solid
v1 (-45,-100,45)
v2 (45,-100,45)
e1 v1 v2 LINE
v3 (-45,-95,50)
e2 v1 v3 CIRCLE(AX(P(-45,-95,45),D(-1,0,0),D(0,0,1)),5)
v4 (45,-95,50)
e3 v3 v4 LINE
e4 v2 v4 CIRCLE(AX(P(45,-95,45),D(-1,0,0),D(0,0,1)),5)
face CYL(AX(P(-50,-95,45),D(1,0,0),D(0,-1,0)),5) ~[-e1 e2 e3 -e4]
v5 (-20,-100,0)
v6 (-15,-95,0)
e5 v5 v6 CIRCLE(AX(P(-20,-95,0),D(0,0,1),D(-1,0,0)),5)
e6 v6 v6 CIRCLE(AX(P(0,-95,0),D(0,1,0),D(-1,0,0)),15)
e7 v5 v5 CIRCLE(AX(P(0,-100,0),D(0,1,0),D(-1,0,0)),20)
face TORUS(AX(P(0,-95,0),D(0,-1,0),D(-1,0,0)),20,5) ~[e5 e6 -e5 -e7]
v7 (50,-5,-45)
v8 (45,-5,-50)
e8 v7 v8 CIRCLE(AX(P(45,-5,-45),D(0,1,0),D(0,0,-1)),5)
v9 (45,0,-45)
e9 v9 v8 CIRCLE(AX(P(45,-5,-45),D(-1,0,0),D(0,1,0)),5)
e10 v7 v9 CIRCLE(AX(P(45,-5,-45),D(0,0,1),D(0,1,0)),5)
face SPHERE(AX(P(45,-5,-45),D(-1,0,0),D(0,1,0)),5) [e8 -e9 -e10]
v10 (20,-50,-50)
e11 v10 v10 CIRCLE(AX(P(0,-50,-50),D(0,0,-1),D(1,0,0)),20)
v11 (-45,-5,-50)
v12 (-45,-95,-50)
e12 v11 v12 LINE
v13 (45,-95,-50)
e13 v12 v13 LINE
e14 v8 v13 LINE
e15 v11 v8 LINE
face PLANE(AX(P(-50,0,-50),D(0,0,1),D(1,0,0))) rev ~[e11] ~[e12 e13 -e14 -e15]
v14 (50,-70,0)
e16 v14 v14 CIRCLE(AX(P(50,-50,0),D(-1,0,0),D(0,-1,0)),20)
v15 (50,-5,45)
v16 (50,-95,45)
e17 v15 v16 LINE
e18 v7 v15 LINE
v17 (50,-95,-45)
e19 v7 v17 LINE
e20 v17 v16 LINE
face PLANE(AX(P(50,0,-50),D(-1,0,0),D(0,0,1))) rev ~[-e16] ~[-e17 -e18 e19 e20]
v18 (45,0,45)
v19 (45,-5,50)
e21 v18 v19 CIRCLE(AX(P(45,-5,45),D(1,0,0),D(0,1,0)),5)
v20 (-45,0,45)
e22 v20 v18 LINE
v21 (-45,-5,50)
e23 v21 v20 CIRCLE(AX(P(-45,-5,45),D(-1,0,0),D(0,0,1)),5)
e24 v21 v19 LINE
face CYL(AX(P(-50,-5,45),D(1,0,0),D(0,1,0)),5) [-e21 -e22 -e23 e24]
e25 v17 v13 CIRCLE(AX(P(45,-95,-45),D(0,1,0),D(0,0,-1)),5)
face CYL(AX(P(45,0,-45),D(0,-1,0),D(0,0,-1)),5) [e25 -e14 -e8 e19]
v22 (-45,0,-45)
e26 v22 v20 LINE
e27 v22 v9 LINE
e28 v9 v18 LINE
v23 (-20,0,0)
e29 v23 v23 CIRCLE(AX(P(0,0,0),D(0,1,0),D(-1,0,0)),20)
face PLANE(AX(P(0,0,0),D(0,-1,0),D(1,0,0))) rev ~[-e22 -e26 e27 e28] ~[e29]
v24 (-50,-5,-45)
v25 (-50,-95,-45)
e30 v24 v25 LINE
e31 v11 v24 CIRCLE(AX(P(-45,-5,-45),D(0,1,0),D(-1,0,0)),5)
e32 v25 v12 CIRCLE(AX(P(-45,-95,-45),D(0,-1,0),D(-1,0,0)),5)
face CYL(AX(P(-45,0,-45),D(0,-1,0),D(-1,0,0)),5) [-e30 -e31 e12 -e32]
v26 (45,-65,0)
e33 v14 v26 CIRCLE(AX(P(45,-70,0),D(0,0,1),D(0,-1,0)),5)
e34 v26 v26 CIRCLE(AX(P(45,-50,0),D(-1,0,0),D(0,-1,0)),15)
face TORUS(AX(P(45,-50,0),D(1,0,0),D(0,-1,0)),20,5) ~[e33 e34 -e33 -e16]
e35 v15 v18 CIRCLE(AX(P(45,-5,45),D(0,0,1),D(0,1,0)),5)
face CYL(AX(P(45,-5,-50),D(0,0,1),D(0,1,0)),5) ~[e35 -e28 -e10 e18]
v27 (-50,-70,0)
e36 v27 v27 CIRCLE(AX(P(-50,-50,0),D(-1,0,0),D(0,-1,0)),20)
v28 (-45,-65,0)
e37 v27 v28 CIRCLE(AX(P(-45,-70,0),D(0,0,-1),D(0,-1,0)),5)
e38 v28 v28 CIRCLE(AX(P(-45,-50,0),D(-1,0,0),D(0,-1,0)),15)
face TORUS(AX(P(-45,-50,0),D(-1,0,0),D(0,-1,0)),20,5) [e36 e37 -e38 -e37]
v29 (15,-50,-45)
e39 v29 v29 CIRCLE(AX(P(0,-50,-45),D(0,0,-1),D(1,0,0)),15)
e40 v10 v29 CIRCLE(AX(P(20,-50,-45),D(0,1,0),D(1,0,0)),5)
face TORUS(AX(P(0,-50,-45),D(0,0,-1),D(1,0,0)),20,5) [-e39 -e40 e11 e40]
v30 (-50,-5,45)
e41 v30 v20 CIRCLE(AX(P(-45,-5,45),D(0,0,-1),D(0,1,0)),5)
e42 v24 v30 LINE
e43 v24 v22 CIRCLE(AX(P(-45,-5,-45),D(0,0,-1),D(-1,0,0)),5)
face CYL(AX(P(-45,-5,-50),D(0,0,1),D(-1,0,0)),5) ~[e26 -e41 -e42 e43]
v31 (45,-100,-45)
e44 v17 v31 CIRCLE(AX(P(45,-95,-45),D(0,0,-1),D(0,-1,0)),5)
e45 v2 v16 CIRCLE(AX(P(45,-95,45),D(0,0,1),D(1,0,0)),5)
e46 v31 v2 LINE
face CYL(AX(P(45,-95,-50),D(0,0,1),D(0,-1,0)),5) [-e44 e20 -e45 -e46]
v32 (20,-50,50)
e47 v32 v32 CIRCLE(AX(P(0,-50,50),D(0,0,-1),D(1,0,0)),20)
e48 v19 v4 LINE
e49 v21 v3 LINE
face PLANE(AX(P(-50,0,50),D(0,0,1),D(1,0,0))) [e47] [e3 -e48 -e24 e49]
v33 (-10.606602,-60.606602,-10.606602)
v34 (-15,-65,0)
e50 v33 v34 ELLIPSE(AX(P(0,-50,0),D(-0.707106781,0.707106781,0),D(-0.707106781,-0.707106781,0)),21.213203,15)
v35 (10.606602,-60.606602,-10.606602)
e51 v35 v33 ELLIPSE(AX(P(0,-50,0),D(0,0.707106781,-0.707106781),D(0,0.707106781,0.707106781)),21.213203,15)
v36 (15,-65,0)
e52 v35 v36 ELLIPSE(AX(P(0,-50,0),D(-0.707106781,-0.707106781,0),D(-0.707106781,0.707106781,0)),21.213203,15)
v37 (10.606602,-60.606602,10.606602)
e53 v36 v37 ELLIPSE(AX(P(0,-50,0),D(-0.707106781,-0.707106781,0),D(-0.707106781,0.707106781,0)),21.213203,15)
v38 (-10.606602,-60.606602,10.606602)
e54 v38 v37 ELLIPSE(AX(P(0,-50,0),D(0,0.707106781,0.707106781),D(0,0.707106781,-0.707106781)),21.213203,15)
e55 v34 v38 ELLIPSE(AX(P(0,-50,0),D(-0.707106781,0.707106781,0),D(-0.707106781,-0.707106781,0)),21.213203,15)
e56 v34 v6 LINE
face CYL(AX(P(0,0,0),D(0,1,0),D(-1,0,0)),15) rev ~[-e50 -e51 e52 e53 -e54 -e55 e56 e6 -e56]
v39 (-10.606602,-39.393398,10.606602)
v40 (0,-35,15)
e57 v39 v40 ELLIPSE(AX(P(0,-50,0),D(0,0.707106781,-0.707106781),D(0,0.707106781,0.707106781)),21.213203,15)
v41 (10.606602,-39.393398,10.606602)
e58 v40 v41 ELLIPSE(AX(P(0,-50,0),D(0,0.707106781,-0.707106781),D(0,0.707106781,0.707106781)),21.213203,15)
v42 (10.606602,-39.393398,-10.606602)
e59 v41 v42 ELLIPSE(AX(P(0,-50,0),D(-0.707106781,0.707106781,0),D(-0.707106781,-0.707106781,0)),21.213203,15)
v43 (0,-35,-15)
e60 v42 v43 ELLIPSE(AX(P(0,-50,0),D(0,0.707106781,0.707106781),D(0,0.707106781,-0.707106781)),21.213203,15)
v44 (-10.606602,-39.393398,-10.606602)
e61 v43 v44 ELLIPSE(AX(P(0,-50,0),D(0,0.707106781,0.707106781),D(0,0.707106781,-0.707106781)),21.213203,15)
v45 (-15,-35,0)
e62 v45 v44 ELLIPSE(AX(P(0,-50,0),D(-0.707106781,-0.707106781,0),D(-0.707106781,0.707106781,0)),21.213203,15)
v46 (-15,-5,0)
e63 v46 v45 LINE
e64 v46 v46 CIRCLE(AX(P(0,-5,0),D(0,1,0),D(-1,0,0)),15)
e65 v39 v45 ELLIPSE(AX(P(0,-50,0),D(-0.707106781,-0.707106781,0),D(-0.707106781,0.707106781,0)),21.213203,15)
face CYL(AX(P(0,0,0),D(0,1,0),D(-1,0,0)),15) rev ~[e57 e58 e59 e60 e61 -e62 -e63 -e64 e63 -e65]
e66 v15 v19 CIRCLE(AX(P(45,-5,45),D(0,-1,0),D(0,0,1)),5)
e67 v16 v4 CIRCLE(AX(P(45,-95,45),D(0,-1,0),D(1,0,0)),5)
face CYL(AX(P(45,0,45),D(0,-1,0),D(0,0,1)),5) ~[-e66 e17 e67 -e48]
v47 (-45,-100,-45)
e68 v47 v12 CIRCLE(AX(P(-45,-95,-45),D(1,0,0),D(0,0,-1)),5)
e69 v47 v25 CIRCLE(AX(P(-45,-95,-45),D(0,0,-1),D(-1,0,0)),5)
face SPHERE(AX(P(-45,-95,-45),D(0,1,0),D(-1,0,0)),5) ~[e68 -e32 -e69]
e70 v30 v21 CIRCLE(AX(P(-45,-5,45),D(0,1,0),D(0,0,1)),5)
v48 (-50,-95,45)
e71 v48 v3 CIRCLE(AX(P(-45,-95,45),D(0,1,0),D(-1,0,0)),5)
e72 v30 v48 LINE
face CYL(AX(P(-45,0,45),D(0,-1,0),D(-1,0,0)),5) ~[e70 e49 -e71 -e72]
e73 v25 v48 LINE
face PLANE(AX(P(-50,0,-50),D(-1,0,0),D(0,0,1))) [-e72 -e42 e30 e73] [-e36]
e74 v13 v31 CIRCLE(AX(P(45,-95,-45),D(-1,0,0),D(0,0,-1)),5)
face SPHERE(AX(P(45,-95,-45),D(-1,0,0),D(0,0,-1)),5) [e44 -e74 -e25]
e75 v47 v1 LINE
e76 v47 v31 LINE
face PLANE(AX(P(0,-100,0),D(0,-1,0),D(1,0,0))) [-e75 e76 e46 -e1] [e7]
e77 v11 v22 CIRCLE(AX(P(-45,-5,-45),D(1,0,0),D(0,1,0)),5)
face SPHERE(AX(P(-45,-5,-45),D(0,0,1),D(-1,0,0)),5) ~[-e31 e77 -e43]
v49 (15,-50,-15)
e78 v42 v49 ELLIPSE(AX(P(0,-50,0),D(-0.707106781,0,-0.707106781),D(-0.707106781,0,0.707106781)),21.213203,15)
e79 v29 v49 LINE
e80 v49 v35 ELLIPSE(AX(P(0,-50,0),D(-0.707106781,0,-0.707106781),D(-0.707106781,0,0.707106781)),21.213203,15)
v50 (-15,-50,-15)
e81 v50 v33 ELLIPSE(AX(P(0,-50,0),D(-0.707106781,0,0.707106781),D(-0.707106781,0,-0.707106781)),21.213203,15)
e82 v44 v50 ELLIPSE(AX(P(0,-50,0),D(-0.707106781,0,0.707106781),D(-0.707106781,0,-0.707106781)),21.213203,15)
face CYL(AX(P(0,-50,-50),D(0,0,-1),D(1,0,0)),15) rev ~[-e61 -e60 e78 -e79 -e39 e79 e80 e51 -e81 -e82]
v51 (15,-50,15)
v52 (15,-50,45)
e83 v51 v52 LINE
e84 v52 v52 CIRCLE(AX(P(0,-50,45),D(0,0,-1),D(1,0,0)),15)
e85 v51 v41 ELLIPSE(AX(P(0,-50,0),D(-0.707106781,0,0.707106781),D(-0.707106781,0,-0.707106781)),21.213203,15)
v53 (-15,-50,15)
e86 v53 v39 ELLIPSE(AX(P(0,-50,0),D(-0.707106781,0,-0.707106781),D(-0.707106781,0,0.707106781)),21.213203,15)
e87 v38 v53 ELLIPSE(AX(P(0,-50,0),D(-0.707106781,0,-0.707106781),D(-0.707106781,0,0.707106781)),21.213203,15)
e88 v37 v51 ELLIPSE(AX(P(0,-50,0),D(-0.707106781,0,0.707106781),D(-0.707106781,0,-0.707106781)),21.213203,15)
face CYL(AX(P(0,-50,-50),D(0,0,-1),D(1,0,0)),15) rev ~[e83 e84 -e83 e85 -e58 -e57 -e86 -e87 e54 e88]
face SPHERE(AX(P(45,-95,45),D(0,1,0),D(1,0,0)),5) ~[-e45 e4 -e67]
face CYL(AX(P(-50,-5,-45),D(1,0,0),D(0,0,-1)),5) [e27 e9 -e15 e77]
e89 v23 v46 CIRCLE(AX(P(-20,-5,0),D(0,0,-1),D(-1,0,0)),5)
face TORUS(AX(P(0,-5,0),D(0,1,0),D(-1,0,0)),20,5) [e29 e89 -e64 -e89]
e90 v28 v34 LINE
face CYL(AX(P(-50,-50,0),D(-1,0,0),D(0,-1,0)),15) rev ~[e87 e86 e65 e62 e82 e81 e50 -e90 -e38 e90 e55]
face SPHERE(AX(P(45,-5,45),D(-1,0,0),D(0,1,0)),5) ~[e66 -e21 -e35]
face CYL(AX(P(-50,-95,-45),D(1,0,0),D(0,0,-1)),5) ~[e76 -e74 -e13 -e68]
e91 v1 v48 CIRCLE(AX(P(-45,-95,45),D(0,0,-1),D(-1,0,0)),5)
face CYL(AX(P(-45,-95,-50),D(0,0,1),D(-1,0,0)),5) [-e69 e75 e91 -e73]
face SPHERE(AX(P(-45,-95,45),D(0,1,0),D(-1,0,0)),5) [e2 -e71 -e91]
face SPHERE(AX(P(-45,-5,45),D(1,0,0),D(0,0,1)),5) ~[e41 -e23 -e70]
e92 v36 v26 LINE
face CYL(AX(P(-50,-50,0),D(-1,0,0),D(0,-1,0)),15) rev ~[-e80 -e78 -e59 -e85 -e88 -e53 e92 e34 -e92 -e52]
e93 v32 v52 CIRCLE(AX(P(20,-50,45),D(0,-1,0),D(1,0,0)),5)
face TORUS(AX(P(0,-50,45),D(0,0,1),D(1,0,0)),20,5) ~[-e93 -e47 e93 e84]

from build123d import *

# Parameters (mm, degrees)
F0_W     = 100
F0_H     = 100
F1_DEPTH = 100
F2_R     = 15
F3_DEPTH = 100.001
F4_R     = 15
F5_DEPTH = 100.001
F6_R     = 15
F7_DEPTH = 100.001
F8_R     = 5
F9_R     = 5


with BuildPart() as f1:
    # F0 (on Front) → F1 (new body)
    with BuildSketch(Plane.XZ):
        Rectangle(F0_W, F0_H)
    extrude(amount=F1_DEPTH)

    # F2 (on face) → F3 (cut, through all)
    with BuildSketch(Plane(origin=(-50, 0, 0), x_dir=(0, -1, 0), z_dir=(-1, 0, 0))):
        with Locations((50, 0)):
            Circle(F2_R)
    extrude(amount=-F3_DEPTH, mode=Mode.SUBTRACT)

    # F4 (on face) → F5 (cut, through all)
    with BuildSketch(Plane(origin=(0, 0, 0), x_dir=(-1, 0, 0), z_dir=(0, 1, 0))):
        Circle(F4_R)
    extrude(amount=-F5_DEPTH, mode=Mode.SUBTRACT)

    # F6 (on face) → F7 (cut, through all)
    with BuildSketch(Plane(origin=(0, 0, -50), x_dir=(1, 0, 0), z_dir=(0, 0, -1))):
        with Locations((0, 50)):
            Circle(F6_R)
    extrude(amount=-F7_DEPTH, mode=Mode.SUBTRACT)

    # F8
    f8_edges = [f1.edges().sort_by_distance(p)[0] for p in [
        (0, 0, 50),
        (-50, -50, 50),
        (-50, 0, 0),
        (-50, -50, -50),
        (0, 0, -50),
        (50, 0, 0),
        (-50, -100, 0),
        (-50, -35, 0),
        (0, -100, -50),
        (50, -50, -50),
        (50, -50, 50),
        (50, -100, 0),
        (0, -100, 50),
    ]]
    fillet(f8_edges, radius=F8_R)

    # F9
    f9_edges = [f1.edges().sort_by_distance(p)[0] for p in [
        (-15, -50, 50),
        (15, -100, 0),
        (50, -35, 0),
        (15, 0, 0),
        (-15, -50, -50),
    ]]
    fillet(f9_edges, radius=F9_R)


solid = f1.part
